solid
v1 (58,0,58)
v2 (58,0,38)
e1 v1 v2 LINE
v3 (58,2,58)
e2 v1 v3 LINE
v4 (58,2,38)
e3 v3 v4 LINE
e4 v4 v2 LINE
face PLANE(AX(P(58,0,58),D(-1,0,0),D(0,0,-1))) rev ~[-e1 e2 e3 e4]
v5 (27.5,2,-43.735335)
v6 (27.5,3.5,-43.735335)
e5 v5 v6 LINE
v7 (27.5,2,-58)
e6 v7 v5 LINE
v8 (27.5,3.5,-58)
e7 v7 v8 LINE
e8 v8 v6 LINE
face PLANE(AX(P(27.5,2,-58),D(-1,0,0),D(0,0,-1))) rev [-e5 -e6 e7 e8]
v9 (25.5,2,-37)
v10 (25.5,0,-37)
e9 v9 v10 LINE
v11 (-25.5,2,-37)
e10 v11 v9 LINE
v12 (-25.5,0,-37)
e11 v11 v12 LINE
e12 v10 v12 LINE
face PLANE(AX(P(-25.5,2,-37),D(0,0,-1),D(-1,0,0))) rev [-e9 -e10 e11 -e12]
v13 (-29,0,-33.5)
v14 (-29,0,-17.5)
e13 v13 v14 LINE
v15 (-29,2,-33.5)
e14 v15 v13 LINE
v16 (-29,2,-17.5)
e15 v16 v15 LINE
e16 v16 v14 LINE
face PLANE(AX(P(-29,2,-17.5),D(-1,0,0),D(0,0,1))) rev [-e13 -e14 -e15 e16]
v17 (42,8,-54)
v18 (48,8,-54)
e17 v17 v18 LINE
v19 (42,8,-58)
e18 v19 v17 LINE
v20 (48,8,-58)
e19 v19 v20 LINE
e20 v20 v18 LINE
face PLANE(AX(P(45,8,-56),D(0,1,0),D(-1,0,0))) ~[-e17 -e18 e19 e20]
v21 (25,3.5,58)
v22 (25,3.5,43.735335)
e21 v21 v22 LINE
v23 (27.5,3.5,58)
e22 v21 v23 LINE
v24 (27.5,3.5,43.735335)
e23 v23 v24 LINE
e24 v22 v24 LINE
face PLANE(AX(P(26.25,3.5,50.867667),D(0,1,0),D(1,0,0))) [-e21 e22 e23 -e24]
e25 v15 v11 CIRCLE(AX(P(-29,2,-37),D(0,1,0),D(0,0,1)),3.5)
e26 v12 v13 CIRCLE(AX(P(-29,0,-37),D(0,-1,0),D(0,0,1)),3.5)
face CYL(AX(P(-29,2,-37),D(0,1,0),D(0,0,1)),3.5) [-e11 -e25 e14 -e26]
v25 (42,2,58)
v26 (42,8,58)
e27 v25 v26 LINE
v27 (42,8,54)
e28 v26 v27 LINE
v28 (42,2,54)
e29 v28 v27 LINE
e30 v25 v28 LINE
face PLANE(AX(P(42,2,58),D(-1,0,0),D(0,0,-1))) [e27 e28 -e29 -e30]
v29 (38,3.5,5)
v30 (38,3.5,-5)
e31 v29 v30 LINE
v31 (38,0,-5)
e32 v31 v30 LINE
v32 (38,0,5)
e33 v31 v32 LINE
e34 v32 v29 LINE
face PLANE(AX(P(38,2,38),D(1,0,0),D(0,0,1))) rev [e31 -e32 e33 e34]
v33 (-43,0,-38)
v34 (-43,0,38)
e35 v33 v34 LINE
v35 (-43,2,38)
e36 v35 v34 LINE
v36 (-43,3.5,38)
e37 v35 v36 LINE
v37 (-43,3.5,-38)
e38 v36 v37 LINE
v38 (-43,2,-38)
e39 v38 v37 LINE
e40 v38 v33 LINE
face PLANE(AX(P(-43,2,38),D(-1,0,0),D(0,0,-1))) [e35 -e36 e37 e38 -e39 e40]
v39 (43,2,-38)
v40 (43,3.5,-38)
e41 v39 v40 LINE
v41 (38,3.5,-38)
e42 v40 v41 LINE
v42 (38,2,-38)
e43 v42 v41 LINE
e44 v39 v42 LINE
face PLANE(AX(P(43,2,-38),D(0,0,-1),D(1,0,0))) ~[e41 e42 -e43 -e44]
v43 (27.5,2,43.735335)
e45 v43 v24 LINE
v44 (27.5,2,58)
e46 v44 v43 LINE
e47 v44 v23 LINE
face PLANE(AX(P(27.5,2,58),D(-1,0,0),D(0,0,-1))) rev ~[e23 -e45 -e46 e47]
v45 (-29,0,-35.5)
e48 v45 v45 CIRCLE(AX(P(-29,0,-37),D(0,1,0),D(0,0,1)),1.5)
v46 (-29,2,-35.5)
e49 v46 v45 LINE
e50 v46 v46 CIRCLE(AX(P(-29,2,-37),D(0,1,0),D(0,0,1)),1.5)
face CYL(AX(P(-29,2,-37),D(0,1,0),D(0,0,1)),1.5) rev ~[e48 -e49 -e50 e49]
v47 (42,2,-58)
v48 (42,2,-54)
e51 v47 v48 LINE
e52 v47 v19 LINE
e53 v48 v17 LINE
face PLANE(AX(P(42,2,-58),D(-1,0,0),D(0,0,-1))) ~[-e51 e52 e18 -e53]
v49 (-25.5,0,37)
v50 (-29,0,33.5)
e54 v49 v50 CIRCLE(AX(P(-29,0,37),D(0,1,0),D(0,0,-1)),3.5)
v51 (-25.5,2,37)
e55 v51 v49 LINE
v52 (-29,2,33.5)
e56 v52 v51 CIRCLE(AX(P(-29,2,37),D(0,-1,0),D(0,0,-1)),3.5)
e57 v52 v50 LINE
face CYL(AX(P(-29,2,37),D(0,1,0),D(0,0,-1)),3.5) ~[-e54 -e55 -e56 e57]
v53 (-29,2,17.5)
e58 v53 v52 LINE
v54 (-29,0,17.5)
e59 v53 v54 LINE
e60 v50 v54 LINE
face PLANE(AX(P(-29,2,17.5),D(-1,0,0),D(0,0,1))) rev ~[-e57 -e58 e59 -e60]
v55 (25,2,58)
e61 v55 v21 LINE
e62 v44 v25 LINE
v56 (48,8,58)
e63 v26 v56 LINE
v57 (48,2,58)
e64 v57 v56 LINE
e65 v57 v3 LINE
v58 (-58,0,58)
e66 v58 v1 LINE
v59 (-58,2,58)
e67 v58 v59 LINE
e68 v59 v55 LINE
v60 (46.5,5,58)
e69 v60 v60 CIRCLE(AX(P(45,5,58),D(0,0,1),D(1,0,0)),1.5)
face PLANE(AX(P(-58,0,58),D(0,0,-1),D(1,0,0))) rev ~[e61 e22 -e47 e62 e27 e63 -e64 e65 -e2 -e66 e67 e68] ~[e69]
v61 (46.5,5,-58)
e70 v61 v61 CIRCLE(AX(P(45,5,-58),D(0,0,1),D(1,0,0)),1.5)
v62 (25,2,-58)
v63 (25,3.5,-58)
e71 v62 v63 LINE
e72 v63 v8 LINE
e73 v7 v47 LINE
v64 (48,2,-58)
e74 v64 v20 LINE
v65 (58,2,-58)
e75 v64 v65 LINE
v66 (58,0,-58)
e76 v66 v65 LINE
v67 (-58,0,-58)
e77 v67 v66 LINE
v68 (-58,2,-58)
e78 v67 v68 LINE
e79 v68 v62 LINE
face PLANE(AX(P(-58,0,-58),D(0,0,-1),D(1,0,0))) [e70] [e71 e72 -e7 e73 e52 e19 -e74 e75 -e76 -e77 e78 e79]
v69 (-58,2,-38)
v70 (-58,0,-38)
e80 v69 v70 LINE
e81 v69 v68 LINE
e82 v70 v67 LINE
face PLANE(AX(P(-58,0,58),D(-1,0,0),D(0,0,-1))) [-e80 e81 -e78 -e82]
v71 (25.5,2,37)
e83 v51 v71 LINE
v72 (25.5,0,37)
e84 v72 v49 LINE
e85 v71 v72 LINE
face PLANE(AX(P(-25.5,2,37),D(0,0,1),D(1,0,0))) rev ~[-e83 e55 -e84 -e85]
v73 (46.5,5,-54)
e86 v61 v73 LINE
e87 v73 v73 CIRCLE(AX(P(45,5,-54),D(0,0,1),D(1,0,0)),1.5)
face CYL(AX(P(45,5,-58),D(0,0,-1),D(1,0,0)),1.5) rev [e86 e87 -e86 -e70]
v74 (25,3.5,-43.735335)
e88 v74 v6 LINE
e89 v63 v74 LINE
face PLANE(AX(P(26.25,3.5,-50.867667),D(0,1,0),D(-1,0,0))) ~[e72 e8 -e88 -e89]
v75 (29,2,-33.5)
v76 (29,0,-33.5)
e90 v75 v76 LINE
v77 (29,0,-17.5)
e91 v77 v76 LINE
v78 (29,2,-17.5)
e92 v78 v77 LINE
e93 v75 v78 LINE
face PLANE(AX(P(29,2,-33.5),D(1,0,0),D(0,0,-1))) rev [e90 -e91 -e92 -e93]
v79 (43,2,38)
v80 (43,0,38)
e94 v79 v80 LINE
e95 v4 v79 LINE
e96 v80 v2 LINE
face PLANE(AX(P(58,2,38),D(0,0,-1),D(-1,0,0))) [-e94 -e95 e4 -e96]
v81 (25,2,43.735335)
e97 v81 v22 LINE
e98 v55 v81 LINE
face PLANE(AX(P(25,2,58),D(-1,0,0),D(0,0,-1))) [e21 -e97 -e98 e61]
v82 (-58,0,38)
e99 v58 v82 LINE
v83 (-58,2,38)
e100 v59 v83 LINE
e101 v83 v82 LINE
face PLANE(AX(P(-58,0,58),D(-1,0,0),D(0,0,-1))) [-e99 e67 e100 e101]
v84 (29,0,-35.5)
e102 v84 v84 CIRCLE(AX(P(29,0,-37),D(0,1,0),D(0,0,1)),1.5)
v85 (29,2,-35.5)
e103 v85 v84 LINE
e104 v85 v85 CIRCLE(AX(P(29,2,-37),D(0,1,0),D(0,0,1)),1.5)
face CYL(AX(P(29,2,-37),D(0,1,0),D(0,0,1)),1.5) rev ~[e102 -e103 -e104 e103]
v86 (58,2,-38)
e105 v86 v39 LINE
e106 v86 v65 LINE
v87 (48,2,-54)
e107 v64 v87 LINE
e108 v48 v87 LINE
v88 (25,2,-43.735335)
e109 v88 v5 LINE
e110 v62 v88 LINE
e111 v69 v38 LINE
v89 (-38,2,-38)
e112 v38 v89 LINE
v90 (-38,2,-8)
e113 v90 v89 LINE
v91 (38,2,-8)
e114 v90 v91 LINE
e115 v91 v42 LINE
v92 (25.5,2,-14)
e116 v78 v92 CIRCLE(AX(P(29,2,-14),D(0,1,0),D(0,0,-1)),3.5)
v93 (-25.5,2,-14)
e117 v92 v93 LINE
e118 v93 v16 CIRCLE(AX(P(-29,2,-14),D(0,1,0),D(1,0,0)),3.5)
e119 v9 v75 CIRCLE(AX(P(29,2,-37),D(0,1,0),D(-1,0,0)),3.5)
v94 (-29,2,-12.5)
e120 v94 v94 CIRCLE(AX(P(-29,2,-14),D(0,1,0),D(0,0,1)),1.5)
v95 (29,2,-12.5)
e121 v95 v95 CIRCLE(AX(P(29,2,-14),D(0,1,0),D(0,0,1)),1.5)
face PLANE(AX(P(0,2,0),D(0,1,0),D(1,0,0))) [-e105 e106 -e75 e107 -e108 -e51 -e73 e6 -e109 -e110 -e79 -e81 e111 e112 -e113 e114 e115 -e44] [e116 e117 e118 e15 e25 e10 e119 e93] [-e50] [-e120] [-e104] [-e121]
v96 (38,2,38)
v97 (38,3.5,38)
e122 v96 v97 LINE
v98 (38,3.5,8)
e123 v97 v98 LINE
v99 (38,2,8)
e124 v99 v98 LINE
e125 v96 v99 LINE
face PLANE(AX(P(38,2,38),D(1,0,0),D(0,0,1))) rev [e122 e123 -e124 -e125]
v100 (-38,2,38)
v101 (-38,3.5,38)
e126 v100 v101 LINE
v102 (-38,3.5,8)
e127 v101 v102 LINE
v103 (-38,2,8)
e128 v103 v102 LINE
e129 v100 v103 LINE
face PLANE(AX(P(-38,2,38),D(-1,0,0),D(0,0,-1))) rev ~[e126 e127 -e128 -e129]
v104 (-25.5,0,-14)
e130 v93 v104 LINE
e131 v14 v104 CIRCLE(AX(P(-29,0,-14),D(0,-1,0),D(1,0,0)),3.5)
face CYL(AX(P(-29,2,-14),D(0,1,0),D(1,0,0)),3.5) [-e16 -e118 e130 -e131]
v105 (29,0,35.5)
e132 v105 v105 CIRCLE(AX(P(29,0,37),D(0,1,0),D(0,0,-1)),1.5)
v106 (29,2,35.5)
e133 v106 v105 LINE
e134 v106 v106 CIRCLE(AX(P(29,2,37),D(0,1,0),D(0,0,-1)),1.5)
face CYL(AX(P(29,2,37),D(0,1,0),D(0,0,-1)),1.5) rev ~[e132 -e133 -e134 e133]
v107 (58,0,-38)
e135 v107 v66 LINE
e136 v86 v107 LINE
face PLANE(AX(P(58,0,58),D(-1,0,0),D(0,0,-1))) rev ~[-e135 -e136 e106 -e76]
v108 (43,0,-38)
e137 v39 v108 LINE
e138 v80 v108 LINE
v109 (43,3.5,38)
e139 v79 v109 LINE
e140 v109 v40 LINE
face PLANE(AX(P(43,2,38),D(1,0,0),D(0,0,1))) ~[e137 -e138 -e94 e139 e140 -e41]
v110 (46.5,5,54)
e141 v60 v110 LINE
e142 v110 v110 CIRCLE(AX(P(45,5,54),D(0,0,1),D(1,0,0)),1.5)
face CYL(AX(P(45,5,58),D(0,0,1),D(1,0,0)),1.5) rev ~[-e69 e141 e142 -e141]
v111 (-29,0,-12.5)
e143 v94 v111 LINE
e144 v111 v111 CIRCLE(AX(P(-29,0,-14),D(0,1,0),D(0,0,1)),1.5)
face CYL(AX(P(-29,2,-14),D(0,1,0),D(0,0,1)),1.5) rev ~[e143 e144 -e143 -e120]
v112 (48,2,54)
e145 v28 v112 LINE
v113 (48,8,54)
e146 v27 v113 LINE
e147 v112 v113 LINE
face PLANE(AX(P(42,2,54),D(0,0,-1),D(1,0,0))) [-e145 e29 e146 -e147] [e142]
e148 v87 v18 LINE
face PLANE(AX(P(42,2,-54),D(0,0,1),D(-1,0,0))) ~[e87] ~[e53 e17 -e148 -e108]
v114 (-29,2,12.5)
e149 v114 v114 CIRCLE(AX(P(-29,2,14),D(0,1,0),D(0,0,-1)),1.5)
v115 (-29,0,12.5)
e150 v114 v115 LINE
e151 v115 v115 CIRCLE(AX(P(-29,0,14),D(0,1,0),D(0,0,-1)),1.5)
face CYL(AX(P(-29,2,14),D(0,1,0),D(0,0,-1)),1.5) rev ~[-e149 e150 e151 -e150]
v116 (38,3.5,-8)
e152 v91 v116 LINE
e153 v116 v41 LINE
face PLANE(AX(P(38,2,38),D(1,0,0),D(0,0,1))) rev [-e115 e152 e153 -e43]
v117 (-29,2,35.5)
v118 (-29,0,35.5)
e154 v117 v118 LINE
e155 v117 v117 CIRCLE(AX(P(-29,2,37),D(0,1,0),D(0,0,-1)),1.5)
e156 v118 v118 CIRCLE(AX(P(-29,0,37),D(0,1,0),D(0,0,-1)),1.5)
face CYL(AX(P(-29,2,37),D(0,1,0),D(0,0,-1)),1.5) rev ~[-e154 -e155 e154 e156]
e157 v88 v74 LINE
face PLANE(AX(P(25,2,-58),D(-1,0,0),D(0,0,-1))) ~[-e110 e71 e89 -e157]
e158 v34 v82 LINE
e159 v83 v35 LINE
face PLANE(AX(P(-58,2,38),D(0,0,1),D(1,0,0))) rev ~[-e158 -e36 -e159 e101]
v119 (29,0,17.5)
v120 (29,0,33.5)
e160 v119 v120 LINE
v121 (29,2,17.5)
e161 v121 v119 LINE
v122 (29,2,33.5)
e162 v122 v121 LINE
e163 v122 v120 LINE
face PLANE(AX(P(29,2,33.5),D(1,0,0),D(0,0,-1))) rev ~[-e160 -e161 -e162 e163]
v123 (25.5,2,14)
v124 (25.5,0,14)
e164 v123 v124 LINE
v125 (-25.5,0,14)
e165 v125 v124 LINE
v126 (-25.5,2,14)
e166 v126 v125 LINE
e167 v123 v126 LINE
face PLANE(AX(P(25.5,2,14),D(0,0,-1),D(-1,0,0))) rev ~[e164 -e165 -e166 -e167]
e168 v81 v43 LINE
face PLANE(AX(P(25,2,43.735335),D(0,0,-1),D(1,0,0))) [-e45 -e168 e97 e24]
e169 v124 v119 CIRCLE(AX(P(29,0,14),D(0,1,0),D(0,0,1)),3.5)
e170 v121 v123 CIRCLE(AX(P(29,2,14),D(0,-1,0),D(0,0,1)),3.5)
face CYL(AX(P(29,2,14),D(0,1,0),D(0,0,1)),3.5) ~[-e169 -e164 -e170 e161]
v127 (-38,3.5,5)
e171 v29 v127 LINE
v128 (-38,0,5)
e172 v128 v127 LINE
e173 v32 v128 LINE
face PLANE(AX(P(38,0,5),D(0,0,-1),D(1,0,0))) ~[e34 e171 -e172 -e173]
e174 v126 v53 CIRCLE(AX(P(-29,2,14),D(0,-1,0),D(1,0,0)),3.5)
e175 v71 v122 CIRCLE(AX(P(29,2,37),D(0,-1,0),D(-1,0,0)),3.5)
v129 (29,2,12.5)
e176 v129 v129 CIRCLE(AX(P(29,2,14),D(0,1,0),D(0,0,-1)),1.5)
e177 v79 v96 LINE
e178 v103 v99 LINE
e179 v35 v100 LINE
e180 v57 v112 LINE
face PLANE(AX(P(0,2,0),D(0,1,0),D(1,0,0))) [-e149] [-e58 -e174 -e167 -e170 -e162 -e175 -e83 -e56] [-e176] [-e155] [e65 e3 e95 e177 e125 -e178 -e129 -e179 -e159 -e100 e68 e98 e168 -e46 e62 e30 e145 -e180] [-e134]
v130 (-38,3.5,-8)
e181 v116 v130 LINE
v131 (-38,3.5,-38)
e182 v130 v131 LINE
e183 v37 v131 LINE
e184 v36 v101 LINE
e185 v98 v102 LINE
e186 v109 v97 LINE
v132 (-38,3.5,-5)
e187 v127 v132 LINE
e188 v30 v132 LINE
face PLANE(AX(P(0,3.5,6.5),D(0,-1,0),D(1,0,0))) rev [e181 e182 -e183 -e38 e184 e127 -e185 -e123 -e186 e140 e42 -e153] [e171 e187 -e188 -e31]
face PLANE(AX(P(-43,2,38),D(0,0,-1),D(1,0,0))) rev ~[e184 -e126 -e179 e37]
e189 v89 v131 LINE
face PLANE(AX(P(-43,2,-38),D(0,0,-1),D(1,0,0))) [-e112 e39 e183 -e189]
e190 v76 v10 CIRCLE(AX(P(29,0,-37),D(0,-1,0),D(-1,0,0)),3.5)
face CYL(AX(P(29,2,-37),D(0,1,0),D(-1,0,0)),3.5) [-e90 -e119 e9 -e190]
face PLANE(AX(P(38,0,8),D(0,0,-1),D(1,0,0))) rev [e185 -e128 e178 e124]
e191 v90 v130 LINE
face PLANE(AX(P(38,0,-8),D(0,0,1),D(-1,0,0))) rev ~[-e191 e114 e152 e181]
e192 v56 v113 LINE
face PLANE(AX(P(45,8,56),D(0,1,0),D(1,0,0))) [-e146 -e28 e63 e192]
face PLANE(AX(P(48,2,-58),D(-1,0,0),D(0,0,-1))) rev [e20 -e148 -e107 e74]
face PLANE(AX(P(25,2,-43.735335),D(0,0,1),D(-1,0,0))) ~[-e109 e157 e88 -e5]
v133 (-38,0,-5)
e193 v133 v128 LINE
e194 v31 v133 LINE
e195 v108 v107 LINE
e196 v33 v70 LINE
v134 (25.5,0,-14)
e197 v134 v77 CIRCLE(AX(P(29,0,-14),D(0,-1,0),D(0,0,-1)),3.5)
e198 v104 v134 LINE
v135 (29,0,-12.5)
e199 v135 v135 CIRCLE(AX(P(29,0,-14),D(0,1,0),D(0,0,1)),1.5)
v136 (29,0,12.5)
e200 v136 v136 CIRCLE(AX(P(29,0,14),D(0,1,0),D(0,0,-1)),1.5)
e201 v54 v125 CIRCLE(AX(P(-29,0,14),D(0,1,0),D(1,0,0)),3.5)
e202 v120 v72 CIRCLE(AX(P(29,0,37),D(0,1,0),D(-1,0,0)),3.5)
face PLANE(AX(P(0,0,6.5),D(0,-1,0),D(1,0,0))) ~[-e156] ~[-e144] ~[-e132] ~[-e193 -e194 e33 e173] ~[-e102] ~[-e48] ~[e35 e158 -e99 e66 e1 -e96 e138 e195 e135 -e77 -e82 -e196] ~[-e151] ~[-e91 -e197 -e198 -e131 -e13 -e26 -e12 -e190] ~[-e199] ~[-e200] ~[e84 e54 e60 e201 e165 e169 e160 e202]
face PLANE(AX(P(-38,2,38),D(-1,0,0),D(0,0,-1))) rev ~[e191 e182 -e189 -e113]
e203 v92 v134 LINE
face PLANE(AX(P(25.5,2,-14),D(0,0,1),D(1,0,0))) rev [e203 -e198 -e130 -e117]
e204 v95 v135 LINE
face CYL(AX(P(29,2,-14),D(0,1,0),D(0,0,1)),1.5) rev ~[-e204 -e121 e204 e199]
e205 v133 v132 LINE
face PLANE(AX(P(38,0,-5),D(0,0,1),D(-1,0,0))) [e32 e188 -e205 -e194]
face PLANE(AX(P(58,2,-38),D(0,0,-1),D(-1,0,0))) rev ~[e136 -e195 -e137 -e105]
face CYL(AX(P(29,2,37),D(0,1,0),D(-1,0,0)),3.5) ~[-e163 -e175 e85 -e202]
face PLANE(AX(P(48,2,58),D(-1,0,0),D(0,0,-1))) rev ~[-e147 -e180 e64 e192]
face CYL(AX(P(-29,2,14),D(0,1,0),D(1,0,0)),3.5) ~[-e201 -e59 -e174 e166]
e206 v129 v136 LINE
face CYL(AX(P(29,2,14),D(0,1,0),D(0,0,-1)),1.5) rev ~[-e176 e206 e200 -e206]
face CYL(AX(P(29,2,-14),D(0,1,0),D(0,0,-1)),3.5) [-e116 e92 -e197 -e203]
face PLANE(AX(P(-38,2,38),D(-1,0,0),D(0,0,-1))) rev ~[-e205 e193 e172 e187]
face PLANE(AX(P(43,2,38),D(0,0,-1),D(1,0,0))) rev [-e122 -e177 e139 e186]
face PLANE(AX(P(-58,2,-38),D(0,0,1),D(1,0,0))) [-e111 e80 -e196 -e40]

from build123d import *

# Parameters (mm, degrees)
SKETCH1_W                   = 116
SKETCH1_H                   = 116
BOSS_EXTRUDE1_DEPTH         = 2
CUT_EXTRUDE1_REACH          = 84.049
SKETCH2_W                   = 15
SKETCH2_H                   = 76
CIRPATTERN1_COUNT           = 2
CUT_EXTRUDE2_REACH          = 84.049
SKETCH3_R                   = 1.5
CUT_EXTRUDE3_REACH          = 84.049
SKETCH4_R                   = 1.5
LPATTERN1_COUNT             = 2
LPATTERN1_PITCH             = 23
CIRPATTERN2_COUNT           = 2
CIRPATTERN2_COPY_1_REACH    = 84.049
CIRPATTERN2_COPY_1_SKETCH_R = 1.5
CIRPATTERN2_COPY_2_REACH    = 84.049
CIRPATTERN2_COPY_2_SKETCH_R = 1.5
CUT_EXTRUDE4_REACH          = 84.049
SKETCH5_W                   = 76
SKETCH5_H                   = 16
SKETCH6_W                   = 6
SKETCH6_H                   = 4
BOSS_EXTRUDE2_DEPTH         = 6
CUT_EXTRUDE5_REACH          = 131.938
SKETCH7_R                   = 1.5
CUT_EXTRUDE7_REACH          = 84.244
SKETCH9_W                   = 5
SKETCH9_H                   = 76
BOSS_EXTRUDE3_DEPTH         = 1.5
SKETCH10_W                  = 76
SKETCH10_H                  = 3
BOSS_EXTRUDE4_DEPTH         = 3.5
SKETCH11_W                  = 2.5
SKETCH11_H                  = 14.264665063
BOSS_EXTRUDE5_DEPTH         = 1.5


with BuildPart() as part:
    # Sketch1 → Boss-Extrude1 (new body)
    with BuildSketch(Plane(origin=(0, 0, 0), x_dir=(1, 0, 0), z_dir=(0, 1, 0))):
        Rectangle(SKETCH1_W, SKETCH1_H)
    extrude(amount=BOSS_EXTRUDE1_DEPTH)

    # Sketch2 → Cut-Extrude1 (cut, up to next)
    with BuildSketch(Plane(origin=(0, 2, 0), x_dir=(1, 0, 0), z_dir=(0, 1, 0)), mode=Mode.PRIVATE) as cut_extrude1_sk1:
        with Locations((-50.5, 0)):
            Rectangle(SKETCH2_W, SKETCH2_H)
    cut_extrude1_tool1 = extrude(cut_extrude1_sk1.sketch, amount=-CUT_EXTRUDE1_REACH, mode=Mode.PRIVATE) & part.part
    cut_extrude1 = cut_extrude1_tool1.solids().sort_by_distance((-50.5, 2, 0))[0]
    add(cut_extrude1, mode=Mode.SUBTRACT)

    # CirPattern1: Cut-Extrude1 ×2 about axis
    cirpattern1_axis = Axis((0, 0, 0), (0, 1, 0))
    for i in range(1, CIRPATTERN1_COUNT):
        add(cut_extrude1.rotate(cirpattern1_axis, i * 360 / CIRPATTERN1_COUNT), mode=Mode.SUBTRACT)

    # Sketch3 → Cut-Extrude2 (cut, up to next)
    with BuildSketch(Plane(origin=(0, 2, 0), x_dir=(1, 0, 0), z_dir=(0, 1, 0)), mode=Mode.PRIVATE) as cut_extrude2_sk1:
        with Locations(Location((-29, 37, 0), (0, 0, 270))):
            Circle(SKETCH3_R)
    cut_extrude2_tool1 = extrude(cut_extrude2_sk1.sketch, amount=-CUT_EXTRUDE2_REACH, mode=Mode.PRIVATE) & part.part
    cut_extrude2 = cut_extrude2_tool1.solids().sort_by_distance((-29, 2, -37))[0]
    add(cut_extrude2, mode=Mode.SUBTRACT)

    # Sketch4 → Cut-Extrude3 (cut, up to next)
    with BuildSketch(Plane(origin=(0, 2, 0), x_dir=(1, 0, 0), z_dir=(0, 1, 0)), mode=Mode.PRIVATE) as cut_extrude3_sk1:
        with Locations(Location((29, 37, 0), (0, 0, 270))):
            Circle(SKETCH4_R)
    cut_extrude3_tool1 = extrude(cut_extrude3_sk1.sketch, amount=-CUT_EXTRUDE3_REACH, mode=Mode.PRIVATE) & part.part
    cut_extrude3 = cut_extrude3_tool1.solids().sort_by_distance((29, 2, -37))[0]
    add(cut_extrude3, mode=Mode.SUBTRACT)

    # LPattern1: Cut-Extrude2, Cut-Extrude3 ×2
    with Locations(*[(0, 0, i * LPATTERN1_PITCH) for i in range(1, LPATTERN1_COUNT)]):
        add(cut_extrude2, mode=Mode.SUBTRACT)
        add(cut_extrude3, mode=Mode.SUBTRACT)

    # CirPattern2: Cut-Extrude2, Cut-Extrude3 ×2 about axis
    cirpattern2_axis = Axis((0, 0, 0), (0, 1, 0))
    add([cut_extrude2.rotate(cirpattern2_axis, i * 360 / CIRPATTERN2_COUNT) for i in range(1, CIRPATTERN2_COUNT)], mode=Mode.SUBTRACT)
    add([cut_extrude3.rotate(cirpattern2_axis, i * 360 / CIRPATTERN2_COUNT) for i in range(1, CIRPATTERN2_COUNT)], mode=Mode.SUBTRACT)

    # CirPattern2 copy 1 sketch → CirPattern2 copy 1 (cut, up to next)
    with BuildSketch(Plane(origin=(0, 2, -23), x_dir=(-1, 0, 0), z_dir=(0, 1, 0)), mode=Mode.PRIVATE) as cirpattern2_copy_1_sk1:
        with Locations(Location((-29, 37, 0), (0, 0, 270))):
            Circle(CIRPATTERN2_COPY_1_SKETCH_R)
    cirpattern2_copy_1_tool1 = extrude(cirpattern2_copy_1_sk1.sketch, amount=-CIRPATTERN2_COPY_1_REACH, mode=Mode.PRIVATE) & part.part
    add(cirpattern2_copy_1_tool1.solids().sort_by_distance((29, 2, 14))[0], mode=Mode.SUBTRACT)

    # CirPattern2 copy 2 sketch → CirPattern2 copy 2 (cut, up to next)
    with BuildSketch(Plane(origin=(0, 2, -23), x_dir=(-1, 0, 0), z_dir=(0, 1, 0)), mode=Mode.PRIVATE) as cirpattern2_copy_2_sk1:
        with Locations(Location((29, 37, 0), (0, 0, 270))):
            Circle(CIRPATTERN2_COPY_2_SKETCH_R)
    cirpattern2_copy_2_tool1 = extrude(cirpattern2_copy_2_sk1.sketch, amount=-CIRPATTERN2_COPY_2_REACH, mode=Mode.PRIVATE) & part.part
    add(cirpattern2_copy_2_tool1.solids().sort_by_distance((-29, 2, 14))[0], mode=Mode.SUBTRACT)

    # Sketch5 → Cut-Extrude4 (cut, up to next)
    with BuildSketch(Plane(origin=(0, 2, 0), x_dir=(1, 0, 0), z_dir=(0, 1, 0)), mode=Mode.PRIVATE) as cut_extrude4_sk1:
        Rectangle(SKETCH5_W, SKETCH5_H)
    cut_extrude4_tool1 = extrude(cut_extrude4_sk1.sketch, amount=-CUT_EXTRUDE4_REACH, mode=Mode.PRIVATE) & part.part
    add(cut_extrude4_tool1.solids().sort_by_distance((0, 2, 0))[0], mode=Mode.SUBTRACT)

    # Sketch6 → Boss-Extrude2 (add)
    with BuildSketch(Plane(origin=(0, 2, 0), x_dir=(1, 0, 0), z_dir=(0, 1, 0))):
        with Locations((45, -56)):
            Rectangle(SKETCH6_W, SKETCH6_H)
    boss_extrude2 = extrude(amount=BOSS_EXTRUDE2_DEPTH)

    # Sketch7 → Cut-Extrude5 (cut, up to next)
    with BuildSketch(Plane.XY.offset(58), mode=Mode.PRIVATE) as cut_extrude5_sk1:
        with Locations((45, 5)):
            Circle(SKETCH7_R)
    cut_extrude5_tool1 = extrude(cut_extrude5_sk1.sketch, amount=-CUT_EXTRUDE5_REACH, mode=Mode.PRIVATE) & part.part
    cut_extrude5 = cut_extrude5_tool1.solids().sort_by_distance((45, 5, 58))[0]
    add(cut_extrude5, mode=Mode.SUBTRACT)

    # Mirror1: Boss-Extrude2, Cut-Extrude5 across plane
    add(boss_extrude2.mirror(Plane.XY))
    add(cut_extrude5.mirror(Plane.XY), mode=Mode.SUBTRACT)

    # Sketch8 → Cut-Extrude7 (cut, up to next)
    with BuildSketch(Plane(origin=(0, 2, 0), x_dir=(1, 0, 0), z_dir=(0, 1, 0)), mode=Mode.PRIVATE) as cut_extrude7_sk1:
        with BuildLine():
            ThreePointArc((-29, -33.5), (-26.525126266, -34.525126266), (-25.5, -37))
            Line((-25.5, -37), (25.5, -37))
            ThreePointArc((25.5, -37), (26.525126266, -34.525126266), (29, -33.5))
            Line((29, -33.5), (29, -17.5))
            ThreePointArc((29, -17.5), (26.525126266, -16.474873734), (25.5, -14))
            Line((25.5, -14), (-25.5, -14))
            ThreePointArc((-25.5, -14), (-26.525126266, -16.474873734), (-29, -17.5))
            Line((-29, -17.5), (-29, -33.5))
        make_face()
    cut_extrude7_tool1 = extrude(cut_extrude7_sk1.sketch, amount=-CUT_EXTRUDE7_REACH, mode=Mode.PRIVATE) & part.part
    cut_extrude7 = cut_extrude7_tool1.solids().sort_by_distance((0, 2, 25.5))[0]
    add(cut_extrude7, mode=Mode.SUBTRACT)

    # Mirror2: Cut-Extrude7 across plane
    add(cut_extrude7.mirror(Plane.XY), mode=Mode.SUBTRACT)

    # Sketch9 → Boss-Extrude3 (add)
    with BuildSketch(Plane(origin=(0, 2, 0), x_dir=(1, 0, 0), z_dir=(0, 1, 0))):
        with Locations((-40.5, 0)):
            Rectangle(SKETCH9_W, SKETCH9_H)
    boss_extrude3 = extrude(amount=BOSS_EXTRUDE3_DEPTH)

    # Mirror3: Boss-Extrude3 across plane
    add(boss_extrude3.mirror(Plane(origin=(0, 0, 0), x_dir=(0, 0, 1), z_dir=(1, 0, 0))))

    # Sketch10 → Boss-Extrude4 (add)
    with BuildSketch(Plane(origin=(0, 0, 0), x_dir=(-1, 0, 0), z_dir=(0, -1, 0))):
        with Locations((0, 6.5)):
            Rectangle(SKETCH10_W, SKETCH10_H)
    boss_extrude4 = extrude(amount=-BOSS_EXTRUDE4_DEPTH)

    # Mirror4: Boss-Extrude4 across plane
    add(boss_extrude4.mirror(Plane.XY))

    # Sketch11 → Boss-Extrude5 (add)
    with BuildSketch(Plane(origin=(0, 2, 0), x_dir=(1, 0, 0), z_dir=(0, 1, 0))):
        with Locations((26.25, -50.867667469)):
            Rectangle(SKETCH11_W, SKETCH11_H)
    boss_extrude5 = extrude(amount=BOSS_EXTRUDE5_DEPTH)

    # Mirror5: Boss-Extrude5 across plane
    add(boss_extrude5.mirror(Plane.XY))


solid = part.part
